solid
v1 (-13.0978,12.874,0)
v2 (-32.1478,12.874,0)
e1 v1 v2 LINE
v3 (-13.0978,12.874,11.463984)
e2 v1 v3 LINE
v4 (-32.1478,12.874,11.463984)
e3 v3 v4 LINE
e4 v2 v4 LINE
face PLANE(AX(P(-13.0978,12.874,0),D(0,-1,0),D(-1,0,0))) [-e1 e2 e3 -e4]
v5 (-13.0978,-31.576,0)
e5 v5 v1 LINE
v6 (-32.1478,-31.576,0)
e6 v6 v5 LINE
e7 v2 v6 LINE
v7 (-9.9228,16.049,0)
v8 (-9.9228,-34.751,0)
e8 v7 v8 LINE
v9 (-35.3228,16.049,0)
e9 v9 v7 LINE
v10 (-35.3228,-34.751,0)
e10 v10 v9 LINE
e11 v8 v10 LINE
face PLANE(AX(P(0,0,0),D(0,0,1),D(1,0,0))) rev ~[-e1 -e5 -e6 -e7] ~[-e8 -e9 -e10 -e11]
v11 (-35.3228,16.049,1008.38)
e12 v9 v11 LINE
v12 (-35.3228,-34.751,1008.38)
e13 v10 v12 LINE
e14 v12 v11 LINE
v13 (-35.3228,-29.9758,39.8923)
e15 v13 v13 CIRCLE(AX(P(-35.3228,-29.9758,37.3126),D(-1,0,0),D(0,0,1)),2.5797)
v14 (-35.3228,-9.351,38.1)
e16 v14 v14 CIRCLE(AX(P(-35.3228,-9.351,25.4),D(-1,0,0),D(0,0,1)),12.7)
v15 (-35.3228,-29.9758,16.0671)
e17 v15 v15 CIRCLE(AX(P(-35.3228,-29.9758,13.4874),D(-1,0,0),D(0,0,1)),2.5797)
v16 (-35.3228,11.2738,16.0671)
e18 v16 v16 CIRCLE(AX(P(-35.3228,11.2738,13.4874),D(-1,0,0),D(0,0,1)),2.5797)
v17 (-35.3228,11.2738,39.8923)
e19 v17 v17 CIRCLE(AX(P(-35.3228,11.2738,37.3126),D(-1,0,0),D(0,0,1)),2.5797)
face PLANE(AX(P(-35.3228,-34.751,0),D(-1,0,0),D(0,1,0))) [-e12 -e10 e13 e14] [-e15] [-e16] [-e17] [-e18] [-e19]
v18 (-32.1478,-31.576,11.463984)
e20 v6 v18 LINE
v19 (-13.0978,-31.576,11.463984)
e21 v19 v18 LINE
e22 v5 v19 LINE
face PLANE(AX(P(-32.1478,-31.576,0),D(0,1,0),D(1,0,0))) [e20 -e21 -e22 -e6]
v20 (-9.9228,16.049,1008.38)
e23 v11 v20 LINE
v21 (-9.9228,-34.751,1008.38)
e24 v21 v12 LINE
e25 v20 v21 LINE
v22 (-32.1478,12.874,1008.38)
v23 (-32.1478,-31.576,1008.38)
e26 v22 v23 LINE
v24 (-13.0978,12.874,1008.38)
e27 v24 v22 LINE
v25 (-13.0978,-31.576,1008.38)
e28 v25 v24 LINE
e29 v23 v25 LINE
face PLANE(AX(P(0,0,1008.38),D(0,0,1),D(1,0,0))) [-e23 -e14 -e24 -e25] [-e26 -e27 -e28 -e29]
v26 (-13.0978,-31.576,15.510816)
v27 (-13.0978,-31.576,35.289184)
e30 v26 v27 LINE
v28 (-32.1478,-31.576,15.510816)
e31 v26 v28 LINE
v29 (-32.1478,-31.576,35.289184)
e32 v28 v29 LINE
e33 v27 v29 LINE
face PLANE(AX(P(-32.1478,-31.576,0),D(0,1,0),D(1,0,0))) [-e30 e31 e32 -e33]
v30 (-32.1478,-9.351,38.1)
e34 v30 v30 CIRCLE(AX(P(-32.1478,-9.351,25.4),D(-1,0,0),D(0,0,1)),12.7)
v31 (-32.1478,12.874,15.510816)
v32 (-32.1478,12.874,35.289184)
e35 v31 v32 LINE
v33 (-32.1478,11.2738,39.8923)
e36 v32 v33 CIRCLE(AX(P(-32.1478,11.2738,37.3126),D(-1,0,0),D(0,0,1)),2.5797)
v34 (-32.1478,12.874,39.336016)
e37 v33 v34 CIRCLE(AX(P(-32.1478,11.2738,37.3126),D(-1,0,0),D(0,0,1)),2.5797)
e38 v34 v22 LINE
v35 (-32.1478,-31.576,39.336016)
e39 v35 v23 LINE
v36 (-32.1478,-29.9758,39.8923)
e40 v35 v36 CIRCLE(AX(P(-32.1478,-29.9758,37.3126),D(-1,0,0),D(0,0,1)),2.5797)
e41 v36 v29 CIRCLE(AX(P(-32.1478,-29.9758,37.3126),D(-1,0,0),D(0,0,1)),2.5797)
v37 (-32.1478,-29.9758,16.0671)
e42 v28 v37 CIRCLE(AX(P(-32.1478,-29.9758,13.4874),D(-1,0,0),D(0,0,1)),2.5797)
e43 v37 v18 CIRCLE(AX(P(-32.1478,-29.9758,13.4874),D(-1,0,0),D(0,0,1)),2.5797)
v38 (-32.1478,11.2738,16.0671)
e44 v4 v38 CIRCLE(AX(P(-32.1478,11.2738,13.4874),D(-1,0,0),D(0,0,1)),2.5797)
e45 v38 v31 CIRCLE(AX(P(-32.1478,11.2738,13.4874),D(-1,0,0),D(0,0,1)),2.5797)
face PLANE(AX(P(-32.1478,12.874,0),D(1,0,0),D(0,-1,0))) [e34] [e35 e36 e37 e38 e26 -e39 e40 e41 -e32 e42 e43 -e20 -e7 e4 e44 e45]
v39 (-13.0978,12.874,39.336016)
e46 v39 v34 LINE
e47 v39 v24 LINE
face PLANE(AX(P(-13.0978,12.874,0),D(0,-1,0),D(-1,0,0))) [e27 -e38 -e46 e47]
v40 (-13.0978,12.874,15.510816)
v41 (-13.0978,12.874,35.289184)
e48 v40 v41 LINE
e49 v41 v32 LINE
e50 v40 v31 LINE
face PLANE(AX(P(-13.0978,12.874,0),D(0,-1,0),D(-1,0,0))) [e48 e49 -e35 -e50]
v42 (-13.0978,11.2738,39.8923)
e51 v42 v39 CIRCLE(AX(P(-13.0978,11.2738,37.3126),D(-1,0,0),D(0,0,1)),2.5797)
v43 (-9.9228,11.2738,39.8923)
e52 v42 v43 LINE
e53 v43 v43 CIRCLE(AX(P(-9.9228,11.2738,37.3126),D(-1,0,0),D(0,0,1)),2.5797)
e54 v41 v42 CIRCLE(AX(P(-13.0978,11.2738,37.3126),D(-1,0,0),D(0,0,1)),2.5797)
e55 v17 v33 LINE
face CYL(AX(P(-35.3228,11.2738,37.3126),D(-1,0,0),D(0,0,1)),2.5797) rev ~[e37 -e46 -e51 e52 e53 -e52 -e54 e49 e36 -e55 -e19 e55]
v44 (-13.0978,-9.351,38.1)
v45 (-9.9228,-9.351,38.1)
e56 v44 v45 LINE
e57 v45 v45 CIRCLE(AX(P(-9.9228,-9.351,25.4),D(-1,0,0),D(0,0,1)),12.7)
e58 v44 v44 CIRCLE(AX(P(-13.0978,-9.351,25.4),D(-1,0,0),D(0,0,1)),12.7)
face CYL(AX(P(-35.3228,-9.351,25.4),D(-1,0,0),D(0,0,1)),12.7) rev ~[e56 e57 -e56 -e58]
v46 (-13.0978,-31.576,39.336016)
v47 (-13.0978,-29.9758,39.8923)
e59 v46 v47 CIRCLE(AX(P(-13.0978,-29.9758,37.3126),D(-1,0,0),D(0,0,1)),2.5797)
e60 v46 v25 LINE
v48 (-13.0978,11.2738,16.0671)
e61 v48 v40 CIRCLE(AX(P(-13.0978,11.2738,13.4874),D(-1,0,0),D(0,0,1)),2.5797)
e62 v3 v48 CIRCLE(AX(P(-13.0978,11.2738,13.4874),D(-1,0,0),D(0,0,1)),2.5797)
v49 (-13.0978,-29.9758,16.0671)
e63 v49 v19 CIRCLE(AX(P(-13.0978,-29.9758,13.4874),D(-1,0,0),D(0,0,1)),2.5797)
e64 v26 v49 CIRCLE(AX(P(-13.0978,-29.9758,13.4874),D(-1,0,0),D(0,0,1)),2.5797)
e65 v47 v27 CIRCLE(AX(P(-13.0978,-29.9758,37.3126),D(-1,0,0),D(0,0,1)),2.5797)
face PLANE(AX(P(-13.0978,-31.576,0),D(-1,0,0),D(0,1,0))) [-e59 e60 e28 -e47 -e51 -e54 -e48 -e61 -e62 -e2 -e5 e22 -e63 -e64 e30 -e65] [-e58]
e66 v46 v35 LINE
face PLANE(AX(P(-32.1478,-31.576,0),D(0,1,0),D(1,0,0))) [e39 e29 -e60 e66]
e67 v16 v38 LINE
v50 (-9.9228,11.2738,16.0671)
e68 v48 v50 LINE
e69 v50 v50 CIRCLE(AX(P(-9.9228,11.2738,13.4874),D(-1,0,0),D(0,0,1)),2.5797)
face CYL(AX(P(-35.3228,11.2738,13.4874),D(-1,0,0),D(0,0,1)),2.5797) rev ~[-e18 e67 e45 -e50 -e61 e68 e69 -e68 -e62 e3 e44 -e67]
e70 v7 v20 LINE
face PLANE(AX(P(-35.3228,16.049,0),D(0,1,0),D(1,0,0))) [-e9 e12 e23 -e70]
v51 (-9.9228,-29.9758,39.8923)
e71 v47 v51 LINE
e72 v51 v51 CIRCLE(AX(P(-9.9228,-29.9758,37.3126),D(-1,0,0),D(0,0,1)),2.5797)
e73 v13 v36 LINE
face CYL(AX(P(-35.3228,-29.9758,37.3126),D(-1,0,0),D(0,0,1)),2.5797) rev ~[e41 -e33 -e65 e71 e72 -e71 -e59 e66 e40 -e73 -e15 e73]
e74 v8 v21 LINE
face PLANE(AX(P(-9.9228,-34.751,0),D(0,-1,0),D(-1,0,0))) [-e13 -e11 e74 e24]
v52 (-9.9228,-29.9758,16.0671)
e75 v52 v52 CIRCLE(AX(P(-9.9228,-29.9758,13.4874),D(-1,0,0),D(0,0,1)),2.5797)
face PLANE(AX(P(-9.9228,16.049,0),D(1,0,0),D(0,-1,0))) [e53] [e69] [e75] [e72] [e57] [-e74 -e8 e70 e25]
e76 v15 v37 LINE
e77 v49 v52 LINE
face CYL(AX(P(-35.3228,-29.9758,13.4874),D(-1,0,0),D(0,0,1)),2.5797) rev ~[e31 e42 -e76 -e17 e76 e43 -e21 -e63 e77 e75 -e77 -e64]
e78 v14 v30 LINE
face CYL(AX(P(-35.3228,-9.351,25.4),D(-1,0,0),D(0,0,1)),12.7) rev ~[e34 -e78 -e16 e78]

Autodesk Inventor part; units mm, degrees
ref_plane "YZ Plane" through (0, 0, 0) normal (1, 0, 0) x (0, 1, 0)
ref_plane "XZ Plane" through (0, 0, 0) normal (0, 1, 0) x (-1, 0, 0)
ref_plane "XY Plane" through (0, 0, 0) normal (0, 0, 1) x (1, 0, 0)
sketch "Sketch1" plane through (0, 0, 0) normal (0, 0, 1) x (1, 0, 0)
  line L0 (-35.3228, 16.049) -> (-9.9228, 16.049)
  line L1 (-9.9228, 16.049) -> (-9.9228, -34.751)
  line L2 (-9.9228, -34.751) -> (-35.3228, -34.751)
  line L3 (-35.3228, -34.751) -> (-35.3228, 16.049)
  line L4 (-13.0978, 12.874) -> (-32.1478, 12.874)
  line L5 (-32.1478, 12.874) -> (-32.1478, -31.576)
  line L6 (-32.1478, -31.576) -> (-13.0978, -31.576)
  line L7 (-13.0978, -31.576) -> (-13.0978, 12.874)
  point P0 (0, 0)
  dimension "d0" = 25.4
  dimension "d1" = 50.8
  dimension "d2" = 3.175
extrude "Extrusion1" add sketch "Sketch1" along normal blind 1008.38
sketch "Sketch2" plane through (-35.3228, -34.751, 0) normal (-1, 0, 0) x (0, 0, 1)
  line L0 (0, 0) -> (0, 50.8) construction
  line L1 (0, 25.4) -> (25.4, 25.4) construction
  circle A0 centre (25.4, 25.4) radius 12.7
  point P0 (0, 34.751)
  dimension "d5" = 25.4
  dimension "d9" = 25.4
extrude "Extrusion2" cut sketch "Sketch2" against normal blind 254
sketch "Sketch3" plane through (-35.3228, -34.751, 0) normal (-1, 0, 0) x (0, 0, 1)
  line L0 (0, 50.8) -> (1008.38, 50.8) construction
  line L1 (0, 50.8) -> (0, 46.0248) construction
  line L2 (0, 0) -> (0, 50.8) construction
  line L3 (0, 46.0248) -> (13.4874, 46.0248) construction
  line L4 (13.4874, 46.0248) -> (37.3126, 46.0248) construction
  line L5 (13.4874, 46.0248) -> (13.4874, 4.7752) construction
  line L6 (37.3126, 46.0248) -> (37.3126, 4.7752) construction
  circle A0 centre (13.4874, 4.7752) radius 2.5797
  circle A1 centre (37.3126, 4.7752) radius 2.5797
  circle A2 centre (37.3126, 46.0248) radius 2.5797
  circle A3 centre (13.4874, 46.0248) radius 2.5797
  point P0 (0, 34.751)
  dimension "d10" = 4.7752
  dimension "d11" = 13.4874
  dimension "d12" = 23.8252
  dimension "d13" = 41.2496
  dimension "d14" = 41.2496
  dimension "d15" = 5.1594
  dimension "d16" = 5.1594
  dimension "d17" = 5.1594
  dimension "d18" = 5.1594
extrude "Extrusion3" cut sketch "Sketch3" against normal blind 25.4
properties part number "34.48in Arm Bea"
